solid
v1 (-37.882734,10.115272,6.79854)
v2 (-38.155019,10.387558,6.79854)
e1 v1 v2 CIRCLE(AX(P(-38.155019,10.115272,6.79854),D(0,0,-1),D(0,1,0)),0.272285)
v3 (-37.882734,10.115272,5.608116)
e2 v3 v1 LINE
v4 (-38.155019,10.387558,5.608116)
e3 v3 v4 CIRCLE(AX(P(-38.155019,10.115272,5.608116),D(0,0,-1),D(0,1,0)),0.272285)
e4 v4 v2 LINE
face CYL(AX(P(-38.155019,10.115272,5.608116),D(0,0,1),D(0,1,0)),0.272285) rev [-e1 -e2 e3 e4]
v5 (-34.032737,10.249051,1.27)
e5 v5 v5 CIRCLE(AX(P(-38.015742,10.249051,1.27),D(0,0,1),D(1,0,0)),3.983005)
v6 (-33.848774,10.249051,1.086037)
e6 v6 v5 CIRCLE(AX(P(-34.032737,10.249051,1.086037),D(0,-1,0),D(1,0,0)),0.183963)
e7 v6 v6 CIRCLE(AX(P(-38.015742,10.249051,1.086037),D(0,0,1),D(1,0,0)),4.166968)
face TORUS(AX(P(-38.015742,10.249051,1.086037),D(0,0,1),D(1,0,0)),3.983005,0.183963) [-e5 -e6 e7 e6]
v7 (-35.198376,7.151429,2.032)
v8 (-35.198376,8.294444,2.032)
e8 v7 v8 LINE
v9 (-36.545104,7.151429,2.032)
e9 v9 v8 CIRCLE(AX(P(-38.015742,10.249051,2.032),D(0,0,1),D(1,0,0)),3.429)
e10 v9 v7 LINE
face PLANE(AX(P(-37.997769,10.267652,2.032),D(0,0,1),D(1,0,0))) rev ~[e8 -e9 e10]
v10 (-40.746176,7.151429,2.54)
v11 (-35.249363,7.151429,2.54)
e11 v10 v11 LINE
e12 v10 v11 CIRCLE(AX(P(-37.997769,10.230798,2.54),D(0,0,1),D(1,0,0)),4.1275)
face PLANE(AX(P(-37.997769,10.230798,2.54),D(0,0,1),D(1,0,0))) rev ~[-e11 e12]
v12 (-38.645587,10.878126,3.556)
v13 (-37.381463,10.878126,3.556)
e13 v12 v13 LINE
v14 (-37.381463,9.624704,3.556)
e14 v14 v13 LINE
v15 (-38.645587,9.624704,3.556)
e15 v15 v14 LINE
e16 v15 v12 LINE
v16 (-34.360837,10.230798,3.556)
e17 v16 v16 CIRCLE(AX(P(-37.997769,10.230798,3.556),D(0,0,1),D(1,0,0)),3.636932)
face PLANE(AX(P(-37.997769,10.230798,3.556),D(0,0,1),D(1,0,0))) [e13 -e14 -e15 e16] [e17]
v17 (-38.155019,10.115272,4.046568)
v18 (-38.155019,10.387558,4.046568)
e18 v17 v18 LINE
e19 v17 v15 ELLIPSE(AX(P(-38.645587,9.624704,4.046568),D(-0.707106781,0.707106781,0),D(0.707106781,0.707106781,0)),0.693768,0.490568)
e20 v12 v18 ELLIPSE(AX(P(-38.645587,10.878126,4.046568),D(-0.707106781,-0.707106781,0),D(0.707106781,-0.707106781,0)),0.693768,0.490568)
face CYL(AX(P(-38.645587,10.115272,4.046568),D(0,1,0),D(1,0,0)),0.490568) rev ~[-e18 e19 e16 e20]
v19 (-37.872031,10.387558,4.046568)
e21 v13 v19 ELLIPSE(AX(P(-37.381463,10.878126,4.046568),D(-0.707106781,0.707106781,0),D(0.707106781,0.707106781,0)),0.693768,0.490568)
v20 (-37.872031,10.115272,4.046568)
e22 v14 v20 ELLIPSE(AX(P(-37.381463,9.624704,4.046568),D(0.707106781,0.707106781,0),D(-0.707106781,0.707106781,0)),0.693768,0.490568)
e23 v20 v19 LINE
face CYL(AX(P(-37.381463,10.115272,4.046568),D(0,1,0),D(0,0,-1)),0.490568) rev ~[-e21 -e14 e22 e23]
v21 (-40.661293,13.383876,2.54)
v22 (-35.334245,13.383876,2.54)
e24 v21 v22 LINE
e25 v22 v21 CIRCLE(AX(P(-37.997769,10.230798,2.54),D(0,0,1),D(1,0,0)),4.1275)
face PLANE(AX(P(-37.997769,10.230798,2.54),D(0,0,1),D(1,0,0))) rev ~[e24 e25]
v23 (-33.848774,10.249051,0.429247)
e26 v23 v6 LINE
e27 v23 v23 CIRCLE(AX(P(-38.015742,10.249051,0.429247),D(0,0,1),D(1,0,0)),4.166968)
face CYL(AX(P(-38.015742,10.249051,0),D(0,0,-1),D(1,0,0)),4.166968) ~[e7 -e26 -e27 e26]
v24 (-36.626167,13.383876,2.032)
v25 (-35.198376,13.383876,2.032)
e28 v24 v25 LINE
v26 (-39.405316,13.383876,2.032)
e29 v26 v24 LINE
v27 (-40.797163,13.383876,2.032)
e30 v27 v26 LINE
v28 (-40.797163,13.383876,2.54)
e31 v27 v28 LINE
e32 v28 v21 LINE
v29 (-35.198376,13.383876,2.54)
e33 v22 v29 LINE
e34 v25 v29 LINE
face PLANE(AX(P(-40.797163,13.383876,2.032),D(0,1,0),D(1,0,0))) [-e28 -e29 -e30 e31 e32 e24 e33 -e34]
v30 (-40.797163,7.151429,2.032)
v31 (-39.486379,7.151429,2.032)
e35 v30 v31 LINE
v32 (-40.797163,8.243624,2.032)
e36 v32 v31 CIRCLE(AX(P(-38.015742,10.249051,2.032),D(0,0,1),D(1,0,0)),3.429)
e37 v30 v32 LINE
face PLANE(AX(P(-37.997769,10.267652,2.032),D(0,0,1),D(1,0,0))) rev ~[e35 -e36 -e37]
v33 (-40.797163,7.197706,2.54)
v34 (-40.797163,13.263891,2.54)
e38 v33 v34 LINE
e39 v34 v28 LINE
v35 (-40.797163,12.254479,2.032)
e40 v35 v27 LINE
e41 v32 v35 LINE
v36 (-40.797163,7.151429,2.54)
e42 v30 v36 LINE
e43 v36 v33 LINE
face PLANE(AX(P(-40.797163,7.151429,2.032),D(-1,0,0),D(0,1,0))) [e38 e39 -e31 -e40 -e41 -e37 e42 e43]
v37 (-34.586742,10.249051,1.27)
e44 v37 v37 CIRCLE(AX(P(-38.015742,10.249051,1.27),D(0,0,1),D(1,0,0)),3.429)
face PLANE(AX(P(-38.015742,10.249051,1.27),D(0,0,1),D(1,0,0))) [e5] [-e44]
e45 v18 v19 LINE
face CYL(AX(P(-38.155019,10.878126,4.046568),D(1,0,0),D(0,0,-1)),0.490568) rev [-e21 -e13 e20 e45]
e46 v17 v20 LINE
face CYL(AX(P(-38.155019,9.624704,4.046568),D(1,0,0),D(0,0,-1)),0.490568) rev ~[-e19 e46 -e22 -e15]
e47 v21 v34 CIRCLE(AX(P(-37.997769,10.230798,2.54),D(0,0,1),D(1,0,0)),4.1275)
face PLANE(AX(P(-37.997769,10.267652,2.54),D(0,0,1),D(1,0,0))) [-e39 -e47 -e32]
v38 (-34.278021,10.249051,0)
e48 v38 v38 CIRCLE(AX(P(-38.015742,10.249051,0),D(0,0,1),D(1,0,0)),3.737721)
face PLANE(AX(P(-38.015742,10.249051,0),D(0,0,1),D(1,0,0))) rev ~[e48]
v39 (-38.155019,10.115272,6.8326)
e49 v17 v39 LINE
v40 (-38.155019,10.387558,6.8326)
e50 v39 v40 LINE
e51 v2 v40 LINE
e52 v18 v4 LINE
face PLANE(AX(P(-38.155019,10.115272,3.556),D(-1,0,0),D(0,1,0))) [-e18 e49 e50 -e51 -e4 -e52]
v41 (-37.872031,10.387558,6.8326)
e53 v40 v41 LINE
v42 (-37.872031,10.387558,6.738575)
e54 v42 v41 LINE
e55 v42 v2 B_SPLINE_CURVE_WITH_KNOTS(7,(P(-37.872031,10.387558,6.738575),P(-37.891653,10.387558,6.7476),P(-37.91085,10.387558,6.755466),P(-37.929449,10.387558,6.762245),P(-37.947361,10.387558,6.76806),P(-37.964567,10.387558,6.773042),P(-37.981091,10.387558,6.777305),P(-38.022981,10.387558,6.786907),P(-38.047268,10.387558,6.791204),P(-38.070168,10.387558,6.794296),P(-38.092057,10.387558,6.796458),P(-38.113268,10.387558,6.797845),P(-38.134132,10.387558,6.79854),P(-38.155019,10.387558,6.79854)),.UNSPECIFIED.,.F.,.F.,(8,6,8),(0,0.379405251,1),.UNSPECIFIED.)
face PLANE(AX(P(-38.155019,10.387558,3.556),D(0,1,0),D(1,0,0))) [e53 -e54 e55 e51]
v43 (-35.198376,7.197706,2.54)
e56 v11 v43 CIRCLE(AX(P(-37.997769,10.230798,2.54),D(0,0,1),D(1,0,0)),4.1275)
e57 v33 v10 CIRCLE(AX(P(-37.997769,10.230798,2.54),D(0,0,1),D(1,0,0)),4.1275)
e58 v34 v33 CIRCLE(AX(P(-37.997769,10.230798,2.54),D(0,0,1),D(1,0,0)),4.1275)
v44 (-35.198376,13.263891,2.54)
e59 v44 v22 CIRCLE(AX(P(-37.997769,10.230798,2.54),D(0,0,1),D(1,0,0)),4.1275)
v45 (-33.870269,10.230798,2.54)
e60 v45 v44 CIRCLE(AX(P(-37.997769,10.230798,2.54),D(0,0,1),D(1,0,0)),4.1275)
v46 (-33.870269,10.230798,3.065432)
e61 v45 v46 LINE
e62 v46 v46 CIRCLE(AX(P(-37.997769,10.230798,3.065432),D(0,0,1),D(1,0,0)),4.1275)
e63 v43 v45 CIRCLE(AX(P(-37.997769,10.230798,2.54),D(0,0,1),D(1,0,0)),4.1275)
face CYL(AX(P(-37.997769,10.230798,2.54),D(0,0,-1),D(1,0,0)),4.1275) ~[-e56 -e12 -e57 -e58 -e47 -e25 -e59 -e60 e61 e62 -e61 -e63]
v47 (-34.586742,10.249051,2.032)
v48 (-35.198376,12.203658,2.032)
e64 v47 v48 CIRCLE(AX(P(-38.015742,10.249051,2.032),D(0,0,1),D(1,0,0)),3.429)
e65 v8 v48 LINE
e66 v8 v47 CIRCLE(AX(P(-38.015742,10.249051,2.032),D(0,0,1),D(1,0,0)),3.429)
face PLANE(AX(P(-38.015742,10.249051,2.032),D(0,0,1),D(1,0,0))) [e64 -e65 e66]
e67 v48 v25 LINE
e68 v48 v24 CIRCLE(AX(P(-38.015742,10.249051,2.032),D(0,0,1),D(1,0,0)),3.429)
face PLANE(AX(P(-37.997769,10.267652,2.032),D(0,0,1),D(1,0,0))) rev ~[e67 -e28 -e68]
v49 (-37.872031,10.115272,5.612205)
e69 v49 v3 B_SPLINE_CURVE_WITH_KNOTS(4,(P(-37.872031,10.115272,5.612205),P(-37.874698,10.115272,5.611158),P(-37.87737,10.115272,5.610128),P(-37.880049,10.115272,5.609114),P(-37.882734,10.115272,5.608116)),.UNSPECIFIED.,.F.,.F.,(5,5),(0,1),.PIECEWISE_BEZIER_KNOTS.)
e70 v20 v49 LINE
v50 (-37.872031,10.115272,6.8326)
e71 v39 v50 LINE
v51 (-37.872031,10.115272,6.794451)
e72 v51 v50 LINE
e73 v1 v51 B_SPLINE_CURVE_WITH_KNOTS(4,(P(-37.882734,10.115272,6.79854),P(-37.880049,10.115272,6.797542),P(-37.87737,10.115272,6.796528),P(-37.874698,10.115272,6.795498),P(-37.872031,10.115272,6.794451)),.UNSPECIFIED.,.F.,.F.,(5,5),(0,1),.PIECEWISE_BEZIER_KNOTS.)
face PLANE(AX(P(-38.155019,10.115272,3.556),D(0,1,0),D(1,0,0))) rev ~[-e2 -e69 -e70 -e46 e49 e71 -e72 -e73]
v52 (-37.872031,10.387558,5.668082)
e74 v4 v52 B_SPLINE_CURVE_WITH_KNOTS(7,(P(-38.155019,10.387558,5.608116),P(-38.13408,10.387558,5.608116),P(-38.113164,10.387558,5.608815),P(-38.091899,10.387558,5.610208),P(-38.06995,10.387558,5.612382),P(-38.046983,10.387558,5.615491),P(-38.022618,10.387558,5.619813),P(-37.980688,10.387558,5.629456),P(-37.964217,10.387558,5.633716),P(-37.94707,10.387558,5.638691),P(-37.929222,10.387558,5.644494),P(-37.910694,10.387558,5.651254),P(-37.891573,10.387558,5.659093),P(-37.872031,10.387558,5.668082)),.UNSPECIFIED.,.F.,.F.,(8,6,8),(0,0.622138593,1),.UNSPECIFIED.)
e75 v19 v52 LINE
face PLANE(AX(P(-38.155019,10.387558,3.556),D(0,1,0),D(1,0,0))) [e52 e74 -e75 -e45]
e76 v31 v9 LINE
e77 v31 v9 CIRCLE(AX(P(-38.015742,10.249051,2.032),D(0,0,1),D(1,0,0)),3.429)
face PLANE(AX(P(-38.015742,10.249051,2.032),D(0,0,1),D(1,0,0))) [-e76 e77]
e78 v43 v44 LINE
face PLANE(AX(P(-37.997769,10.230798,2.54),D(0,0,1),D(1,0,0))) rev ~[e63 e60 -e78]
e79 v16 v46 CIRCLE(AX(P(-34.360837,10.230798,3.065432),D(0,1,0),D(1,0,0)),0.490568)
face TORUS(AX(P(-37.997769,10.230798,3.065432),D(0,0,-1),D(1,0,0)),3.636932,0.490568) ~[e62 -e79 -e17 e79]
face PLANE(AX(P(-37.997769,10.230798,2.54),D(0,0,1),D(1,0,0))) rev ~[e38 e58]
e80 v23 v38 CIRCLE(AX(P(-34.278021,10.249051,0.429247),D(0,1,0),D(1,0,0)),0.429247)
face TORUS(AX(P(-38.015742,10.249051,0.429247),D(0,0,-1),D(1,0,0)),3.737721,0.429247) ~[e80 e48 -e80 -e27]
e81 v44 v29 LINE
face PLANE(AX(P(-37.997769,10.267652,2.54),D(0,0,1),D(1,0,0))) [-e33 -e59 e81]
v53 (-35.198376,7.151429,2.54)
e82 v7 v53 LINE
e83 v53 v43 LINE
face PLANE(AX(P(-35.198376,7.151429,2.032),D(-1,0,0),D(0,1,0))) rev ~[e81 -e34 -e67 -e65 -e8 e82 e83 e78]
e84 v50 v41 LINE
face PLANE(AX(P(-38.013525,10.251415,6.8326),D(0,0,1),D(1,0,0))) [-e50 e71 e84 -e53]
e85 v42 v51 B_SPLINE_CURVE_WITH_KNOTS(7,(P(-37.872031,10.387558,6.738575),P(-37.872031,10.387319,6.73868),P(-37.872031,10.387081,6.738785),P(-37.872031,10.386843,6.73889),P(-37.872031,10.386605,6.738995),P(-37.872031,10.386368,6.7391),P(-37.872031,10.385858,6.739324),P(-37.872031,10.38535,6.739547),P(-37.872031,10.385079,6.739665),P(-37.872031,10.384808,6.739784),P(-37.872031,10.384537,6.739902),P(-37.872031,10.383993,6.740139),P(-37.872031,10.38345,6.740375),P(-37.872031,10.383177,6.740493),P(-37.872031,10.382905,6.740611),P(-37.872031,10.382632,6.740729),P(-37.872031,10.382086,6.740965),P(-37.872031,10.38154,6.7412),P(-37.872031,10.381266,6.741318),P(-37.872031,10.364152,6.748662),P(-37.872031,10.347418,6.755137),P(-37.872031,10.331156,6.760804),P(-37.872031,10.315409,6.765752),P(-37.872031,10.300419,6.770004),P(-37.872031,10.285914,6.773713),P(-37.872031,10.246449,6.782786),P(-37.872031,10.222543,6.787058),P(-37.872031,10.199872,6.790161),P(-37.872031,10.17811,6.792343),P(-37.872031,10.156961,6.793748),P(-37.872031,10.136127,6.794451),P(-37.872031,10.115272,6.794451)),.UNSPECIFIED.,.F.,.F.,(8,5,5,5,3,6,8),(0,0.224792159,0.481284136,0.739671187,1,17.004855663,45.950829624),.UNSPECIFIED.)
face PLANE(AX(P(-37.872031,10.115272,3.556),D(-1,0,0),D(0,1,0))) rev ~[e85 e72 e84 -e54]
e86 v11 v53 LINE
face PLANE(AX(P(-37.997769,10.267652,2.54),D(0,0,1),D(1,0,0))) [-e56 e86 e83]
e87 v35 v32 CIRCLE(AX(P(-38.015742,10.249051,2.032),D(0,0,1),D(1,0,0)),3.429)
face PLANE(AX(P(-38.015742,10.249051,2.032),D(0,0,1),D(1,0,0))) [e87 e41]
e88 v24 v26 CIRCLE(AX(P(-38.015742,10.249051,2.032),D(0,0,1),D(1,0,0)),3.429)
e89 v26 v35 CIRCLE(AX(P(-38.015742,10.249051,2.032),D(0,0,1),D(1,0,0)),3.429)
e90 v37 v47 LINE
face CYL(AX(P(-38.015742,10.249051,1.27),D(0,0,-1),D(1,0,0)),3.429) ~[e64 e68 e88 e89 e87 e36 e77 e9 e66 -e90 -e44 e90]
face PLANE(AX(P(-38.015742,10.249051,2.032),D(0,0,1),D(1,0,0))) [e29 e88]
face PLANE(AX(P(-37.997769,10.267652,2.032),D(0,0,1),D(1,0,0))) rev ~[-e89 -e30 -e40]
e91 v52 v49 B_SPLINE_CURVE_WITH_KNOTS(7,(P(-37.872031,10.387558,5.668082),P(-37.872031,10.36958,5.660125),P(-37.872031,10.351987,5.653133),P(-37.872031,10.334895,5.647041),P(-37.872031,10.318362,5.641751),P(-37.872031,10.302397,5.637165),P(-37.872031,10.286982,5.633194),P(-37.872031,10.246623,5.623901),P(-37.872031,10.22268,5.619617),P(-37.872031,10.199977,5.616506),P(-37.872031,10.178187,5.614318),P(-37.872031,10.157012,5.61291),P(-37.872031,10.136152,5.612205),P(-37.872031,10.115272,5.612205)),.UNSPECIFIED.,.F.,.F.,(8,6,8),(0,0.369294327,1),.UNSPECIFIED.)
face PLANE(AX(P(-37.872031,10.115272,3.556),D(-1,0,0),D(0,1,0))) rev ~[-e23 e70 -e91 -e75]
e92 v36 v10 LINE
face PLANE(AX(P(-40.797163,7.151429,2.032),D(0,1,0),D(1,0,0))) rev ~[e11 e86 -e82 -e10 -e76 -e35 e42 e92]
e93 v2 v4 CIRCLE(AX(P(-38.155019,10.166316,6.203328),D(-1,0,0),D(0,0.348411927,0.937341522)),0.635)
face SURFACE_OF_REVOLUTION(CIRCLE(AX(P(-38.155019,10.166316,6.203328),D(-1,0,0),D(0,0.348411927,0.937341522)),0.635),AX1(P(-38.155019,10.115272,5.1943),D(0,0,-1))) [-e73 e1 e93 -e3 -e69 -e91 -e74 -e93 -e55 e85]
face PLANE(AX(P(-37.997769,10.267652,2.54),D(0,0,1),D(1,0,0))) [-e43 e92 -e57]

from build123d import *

# Parameters (mm, degrees)
F0_R      = 4.1669678751
F2_DEPTH  = 1.27
F3_R      = 3.429
F4_DEPTH  = 0.762
F5_W      = 5.5987872183
F5_H      = 6.2324469909
F6_DEPTH  = 0.508
F7_R      = 4.1275
F8_DEPTH  = 1.016
F10_W     = 0.2829879522
F10_H     = 0.2722851932
F11_DEPTH = 3.2766
F14_R     = 0.4905681959
F15_R     = 0.4292471714
F16_R     = 0.1839630735


with BuildPart() as f2:
    # F0 (on Top) → F2 (new body)
    with BuildSketch(Plane.XY):
        with Locations((-38.0157418549, 10.2490512654)):
            Circle(F0_R)
    extrude(amount=F2_DEPTH)

    # F3 (on face) → F4 (join)
    with BuildSketch(Plane.XY.offset(1.27)):
        with Locations((-38.0157418549, 10.2490512654)):
            Circle(F3_R)
    extrude(amount=F4_DEPTH)

    # F5 (on face) → F6 (join)
    with BuildSketch(Plane.XY.offset(2.032)):
        with Locations((-37.9977691919, 10.2676521055)):
            Rectangle(F5_W, F5_H)
    extrude(amount=F6_DEPTH)

    # F7 (on face) → F8 (join)
    with BuildSketch(Plane.XY.offset(2.54)):
        with Locations((-37.9977691919, 10.2307982743)):
            Circle(F7_R)
    extrude(amount=F8_DEPTH)

    # F10 (on face) → F11 (join)
    with BuildSketch(Plane.XY.offset(3.556)):
        with Locations((-38.0135253072, 10.2514149621)):
            Rectangle(F10_W, F10_H)
    extrude(amount=F11_DEPTH)

    # F12 (on face) → F13 (revolve)
    with BuildSketch(Plane(origin=(-38.1550192833, 0, 0), x_dir=(0, -1, 0), z_dir=(-1, 0, 0))):
        with BuildLine():
            Line((-10.3875575587, 5.6081162018), (-10.3875575587, 6.7985399348))
            ThreePointArc((-10.3875575587, 6.7985399348), (-10.8013159849, 6.2033280683), (-10.3875575587, 5.6081162018))
        make_face()
    revolve(axis=Axis((-38.1550192833, 10.1152723655, 5.1943), (0, 0, -1)))

    # F14
    f14_edges = [f2.edges().sort_by_distance(p)[0] for p in [
        (-42.125269, 10.230798, 3.556),
        (-37.872031, 10.251415, 3.556),
        (-38.013525, 10.387558, 3.556),
        (-38.155019, 10.251415, 3.556),
        (-38.013525, 10.115272, 3.556),
    ]]
    fillet(f14_edges, radius=F14_R)

    # F15
    f15_edges = [f2.edges().sort_by_distance(p)[0] for p in [
        (-42.18271, 10.249051, 0),
    ]]
    fillet(f15_edges, radius=F15_R)

    # F16
    f16_edges = [f2.edges().sort_by_distance(p)[0] for p in [
        (-42.18271, 10.249051, 1.27),
    ]]
    fillet(f16_edges, radius=F16_R)


solid = f2.part
